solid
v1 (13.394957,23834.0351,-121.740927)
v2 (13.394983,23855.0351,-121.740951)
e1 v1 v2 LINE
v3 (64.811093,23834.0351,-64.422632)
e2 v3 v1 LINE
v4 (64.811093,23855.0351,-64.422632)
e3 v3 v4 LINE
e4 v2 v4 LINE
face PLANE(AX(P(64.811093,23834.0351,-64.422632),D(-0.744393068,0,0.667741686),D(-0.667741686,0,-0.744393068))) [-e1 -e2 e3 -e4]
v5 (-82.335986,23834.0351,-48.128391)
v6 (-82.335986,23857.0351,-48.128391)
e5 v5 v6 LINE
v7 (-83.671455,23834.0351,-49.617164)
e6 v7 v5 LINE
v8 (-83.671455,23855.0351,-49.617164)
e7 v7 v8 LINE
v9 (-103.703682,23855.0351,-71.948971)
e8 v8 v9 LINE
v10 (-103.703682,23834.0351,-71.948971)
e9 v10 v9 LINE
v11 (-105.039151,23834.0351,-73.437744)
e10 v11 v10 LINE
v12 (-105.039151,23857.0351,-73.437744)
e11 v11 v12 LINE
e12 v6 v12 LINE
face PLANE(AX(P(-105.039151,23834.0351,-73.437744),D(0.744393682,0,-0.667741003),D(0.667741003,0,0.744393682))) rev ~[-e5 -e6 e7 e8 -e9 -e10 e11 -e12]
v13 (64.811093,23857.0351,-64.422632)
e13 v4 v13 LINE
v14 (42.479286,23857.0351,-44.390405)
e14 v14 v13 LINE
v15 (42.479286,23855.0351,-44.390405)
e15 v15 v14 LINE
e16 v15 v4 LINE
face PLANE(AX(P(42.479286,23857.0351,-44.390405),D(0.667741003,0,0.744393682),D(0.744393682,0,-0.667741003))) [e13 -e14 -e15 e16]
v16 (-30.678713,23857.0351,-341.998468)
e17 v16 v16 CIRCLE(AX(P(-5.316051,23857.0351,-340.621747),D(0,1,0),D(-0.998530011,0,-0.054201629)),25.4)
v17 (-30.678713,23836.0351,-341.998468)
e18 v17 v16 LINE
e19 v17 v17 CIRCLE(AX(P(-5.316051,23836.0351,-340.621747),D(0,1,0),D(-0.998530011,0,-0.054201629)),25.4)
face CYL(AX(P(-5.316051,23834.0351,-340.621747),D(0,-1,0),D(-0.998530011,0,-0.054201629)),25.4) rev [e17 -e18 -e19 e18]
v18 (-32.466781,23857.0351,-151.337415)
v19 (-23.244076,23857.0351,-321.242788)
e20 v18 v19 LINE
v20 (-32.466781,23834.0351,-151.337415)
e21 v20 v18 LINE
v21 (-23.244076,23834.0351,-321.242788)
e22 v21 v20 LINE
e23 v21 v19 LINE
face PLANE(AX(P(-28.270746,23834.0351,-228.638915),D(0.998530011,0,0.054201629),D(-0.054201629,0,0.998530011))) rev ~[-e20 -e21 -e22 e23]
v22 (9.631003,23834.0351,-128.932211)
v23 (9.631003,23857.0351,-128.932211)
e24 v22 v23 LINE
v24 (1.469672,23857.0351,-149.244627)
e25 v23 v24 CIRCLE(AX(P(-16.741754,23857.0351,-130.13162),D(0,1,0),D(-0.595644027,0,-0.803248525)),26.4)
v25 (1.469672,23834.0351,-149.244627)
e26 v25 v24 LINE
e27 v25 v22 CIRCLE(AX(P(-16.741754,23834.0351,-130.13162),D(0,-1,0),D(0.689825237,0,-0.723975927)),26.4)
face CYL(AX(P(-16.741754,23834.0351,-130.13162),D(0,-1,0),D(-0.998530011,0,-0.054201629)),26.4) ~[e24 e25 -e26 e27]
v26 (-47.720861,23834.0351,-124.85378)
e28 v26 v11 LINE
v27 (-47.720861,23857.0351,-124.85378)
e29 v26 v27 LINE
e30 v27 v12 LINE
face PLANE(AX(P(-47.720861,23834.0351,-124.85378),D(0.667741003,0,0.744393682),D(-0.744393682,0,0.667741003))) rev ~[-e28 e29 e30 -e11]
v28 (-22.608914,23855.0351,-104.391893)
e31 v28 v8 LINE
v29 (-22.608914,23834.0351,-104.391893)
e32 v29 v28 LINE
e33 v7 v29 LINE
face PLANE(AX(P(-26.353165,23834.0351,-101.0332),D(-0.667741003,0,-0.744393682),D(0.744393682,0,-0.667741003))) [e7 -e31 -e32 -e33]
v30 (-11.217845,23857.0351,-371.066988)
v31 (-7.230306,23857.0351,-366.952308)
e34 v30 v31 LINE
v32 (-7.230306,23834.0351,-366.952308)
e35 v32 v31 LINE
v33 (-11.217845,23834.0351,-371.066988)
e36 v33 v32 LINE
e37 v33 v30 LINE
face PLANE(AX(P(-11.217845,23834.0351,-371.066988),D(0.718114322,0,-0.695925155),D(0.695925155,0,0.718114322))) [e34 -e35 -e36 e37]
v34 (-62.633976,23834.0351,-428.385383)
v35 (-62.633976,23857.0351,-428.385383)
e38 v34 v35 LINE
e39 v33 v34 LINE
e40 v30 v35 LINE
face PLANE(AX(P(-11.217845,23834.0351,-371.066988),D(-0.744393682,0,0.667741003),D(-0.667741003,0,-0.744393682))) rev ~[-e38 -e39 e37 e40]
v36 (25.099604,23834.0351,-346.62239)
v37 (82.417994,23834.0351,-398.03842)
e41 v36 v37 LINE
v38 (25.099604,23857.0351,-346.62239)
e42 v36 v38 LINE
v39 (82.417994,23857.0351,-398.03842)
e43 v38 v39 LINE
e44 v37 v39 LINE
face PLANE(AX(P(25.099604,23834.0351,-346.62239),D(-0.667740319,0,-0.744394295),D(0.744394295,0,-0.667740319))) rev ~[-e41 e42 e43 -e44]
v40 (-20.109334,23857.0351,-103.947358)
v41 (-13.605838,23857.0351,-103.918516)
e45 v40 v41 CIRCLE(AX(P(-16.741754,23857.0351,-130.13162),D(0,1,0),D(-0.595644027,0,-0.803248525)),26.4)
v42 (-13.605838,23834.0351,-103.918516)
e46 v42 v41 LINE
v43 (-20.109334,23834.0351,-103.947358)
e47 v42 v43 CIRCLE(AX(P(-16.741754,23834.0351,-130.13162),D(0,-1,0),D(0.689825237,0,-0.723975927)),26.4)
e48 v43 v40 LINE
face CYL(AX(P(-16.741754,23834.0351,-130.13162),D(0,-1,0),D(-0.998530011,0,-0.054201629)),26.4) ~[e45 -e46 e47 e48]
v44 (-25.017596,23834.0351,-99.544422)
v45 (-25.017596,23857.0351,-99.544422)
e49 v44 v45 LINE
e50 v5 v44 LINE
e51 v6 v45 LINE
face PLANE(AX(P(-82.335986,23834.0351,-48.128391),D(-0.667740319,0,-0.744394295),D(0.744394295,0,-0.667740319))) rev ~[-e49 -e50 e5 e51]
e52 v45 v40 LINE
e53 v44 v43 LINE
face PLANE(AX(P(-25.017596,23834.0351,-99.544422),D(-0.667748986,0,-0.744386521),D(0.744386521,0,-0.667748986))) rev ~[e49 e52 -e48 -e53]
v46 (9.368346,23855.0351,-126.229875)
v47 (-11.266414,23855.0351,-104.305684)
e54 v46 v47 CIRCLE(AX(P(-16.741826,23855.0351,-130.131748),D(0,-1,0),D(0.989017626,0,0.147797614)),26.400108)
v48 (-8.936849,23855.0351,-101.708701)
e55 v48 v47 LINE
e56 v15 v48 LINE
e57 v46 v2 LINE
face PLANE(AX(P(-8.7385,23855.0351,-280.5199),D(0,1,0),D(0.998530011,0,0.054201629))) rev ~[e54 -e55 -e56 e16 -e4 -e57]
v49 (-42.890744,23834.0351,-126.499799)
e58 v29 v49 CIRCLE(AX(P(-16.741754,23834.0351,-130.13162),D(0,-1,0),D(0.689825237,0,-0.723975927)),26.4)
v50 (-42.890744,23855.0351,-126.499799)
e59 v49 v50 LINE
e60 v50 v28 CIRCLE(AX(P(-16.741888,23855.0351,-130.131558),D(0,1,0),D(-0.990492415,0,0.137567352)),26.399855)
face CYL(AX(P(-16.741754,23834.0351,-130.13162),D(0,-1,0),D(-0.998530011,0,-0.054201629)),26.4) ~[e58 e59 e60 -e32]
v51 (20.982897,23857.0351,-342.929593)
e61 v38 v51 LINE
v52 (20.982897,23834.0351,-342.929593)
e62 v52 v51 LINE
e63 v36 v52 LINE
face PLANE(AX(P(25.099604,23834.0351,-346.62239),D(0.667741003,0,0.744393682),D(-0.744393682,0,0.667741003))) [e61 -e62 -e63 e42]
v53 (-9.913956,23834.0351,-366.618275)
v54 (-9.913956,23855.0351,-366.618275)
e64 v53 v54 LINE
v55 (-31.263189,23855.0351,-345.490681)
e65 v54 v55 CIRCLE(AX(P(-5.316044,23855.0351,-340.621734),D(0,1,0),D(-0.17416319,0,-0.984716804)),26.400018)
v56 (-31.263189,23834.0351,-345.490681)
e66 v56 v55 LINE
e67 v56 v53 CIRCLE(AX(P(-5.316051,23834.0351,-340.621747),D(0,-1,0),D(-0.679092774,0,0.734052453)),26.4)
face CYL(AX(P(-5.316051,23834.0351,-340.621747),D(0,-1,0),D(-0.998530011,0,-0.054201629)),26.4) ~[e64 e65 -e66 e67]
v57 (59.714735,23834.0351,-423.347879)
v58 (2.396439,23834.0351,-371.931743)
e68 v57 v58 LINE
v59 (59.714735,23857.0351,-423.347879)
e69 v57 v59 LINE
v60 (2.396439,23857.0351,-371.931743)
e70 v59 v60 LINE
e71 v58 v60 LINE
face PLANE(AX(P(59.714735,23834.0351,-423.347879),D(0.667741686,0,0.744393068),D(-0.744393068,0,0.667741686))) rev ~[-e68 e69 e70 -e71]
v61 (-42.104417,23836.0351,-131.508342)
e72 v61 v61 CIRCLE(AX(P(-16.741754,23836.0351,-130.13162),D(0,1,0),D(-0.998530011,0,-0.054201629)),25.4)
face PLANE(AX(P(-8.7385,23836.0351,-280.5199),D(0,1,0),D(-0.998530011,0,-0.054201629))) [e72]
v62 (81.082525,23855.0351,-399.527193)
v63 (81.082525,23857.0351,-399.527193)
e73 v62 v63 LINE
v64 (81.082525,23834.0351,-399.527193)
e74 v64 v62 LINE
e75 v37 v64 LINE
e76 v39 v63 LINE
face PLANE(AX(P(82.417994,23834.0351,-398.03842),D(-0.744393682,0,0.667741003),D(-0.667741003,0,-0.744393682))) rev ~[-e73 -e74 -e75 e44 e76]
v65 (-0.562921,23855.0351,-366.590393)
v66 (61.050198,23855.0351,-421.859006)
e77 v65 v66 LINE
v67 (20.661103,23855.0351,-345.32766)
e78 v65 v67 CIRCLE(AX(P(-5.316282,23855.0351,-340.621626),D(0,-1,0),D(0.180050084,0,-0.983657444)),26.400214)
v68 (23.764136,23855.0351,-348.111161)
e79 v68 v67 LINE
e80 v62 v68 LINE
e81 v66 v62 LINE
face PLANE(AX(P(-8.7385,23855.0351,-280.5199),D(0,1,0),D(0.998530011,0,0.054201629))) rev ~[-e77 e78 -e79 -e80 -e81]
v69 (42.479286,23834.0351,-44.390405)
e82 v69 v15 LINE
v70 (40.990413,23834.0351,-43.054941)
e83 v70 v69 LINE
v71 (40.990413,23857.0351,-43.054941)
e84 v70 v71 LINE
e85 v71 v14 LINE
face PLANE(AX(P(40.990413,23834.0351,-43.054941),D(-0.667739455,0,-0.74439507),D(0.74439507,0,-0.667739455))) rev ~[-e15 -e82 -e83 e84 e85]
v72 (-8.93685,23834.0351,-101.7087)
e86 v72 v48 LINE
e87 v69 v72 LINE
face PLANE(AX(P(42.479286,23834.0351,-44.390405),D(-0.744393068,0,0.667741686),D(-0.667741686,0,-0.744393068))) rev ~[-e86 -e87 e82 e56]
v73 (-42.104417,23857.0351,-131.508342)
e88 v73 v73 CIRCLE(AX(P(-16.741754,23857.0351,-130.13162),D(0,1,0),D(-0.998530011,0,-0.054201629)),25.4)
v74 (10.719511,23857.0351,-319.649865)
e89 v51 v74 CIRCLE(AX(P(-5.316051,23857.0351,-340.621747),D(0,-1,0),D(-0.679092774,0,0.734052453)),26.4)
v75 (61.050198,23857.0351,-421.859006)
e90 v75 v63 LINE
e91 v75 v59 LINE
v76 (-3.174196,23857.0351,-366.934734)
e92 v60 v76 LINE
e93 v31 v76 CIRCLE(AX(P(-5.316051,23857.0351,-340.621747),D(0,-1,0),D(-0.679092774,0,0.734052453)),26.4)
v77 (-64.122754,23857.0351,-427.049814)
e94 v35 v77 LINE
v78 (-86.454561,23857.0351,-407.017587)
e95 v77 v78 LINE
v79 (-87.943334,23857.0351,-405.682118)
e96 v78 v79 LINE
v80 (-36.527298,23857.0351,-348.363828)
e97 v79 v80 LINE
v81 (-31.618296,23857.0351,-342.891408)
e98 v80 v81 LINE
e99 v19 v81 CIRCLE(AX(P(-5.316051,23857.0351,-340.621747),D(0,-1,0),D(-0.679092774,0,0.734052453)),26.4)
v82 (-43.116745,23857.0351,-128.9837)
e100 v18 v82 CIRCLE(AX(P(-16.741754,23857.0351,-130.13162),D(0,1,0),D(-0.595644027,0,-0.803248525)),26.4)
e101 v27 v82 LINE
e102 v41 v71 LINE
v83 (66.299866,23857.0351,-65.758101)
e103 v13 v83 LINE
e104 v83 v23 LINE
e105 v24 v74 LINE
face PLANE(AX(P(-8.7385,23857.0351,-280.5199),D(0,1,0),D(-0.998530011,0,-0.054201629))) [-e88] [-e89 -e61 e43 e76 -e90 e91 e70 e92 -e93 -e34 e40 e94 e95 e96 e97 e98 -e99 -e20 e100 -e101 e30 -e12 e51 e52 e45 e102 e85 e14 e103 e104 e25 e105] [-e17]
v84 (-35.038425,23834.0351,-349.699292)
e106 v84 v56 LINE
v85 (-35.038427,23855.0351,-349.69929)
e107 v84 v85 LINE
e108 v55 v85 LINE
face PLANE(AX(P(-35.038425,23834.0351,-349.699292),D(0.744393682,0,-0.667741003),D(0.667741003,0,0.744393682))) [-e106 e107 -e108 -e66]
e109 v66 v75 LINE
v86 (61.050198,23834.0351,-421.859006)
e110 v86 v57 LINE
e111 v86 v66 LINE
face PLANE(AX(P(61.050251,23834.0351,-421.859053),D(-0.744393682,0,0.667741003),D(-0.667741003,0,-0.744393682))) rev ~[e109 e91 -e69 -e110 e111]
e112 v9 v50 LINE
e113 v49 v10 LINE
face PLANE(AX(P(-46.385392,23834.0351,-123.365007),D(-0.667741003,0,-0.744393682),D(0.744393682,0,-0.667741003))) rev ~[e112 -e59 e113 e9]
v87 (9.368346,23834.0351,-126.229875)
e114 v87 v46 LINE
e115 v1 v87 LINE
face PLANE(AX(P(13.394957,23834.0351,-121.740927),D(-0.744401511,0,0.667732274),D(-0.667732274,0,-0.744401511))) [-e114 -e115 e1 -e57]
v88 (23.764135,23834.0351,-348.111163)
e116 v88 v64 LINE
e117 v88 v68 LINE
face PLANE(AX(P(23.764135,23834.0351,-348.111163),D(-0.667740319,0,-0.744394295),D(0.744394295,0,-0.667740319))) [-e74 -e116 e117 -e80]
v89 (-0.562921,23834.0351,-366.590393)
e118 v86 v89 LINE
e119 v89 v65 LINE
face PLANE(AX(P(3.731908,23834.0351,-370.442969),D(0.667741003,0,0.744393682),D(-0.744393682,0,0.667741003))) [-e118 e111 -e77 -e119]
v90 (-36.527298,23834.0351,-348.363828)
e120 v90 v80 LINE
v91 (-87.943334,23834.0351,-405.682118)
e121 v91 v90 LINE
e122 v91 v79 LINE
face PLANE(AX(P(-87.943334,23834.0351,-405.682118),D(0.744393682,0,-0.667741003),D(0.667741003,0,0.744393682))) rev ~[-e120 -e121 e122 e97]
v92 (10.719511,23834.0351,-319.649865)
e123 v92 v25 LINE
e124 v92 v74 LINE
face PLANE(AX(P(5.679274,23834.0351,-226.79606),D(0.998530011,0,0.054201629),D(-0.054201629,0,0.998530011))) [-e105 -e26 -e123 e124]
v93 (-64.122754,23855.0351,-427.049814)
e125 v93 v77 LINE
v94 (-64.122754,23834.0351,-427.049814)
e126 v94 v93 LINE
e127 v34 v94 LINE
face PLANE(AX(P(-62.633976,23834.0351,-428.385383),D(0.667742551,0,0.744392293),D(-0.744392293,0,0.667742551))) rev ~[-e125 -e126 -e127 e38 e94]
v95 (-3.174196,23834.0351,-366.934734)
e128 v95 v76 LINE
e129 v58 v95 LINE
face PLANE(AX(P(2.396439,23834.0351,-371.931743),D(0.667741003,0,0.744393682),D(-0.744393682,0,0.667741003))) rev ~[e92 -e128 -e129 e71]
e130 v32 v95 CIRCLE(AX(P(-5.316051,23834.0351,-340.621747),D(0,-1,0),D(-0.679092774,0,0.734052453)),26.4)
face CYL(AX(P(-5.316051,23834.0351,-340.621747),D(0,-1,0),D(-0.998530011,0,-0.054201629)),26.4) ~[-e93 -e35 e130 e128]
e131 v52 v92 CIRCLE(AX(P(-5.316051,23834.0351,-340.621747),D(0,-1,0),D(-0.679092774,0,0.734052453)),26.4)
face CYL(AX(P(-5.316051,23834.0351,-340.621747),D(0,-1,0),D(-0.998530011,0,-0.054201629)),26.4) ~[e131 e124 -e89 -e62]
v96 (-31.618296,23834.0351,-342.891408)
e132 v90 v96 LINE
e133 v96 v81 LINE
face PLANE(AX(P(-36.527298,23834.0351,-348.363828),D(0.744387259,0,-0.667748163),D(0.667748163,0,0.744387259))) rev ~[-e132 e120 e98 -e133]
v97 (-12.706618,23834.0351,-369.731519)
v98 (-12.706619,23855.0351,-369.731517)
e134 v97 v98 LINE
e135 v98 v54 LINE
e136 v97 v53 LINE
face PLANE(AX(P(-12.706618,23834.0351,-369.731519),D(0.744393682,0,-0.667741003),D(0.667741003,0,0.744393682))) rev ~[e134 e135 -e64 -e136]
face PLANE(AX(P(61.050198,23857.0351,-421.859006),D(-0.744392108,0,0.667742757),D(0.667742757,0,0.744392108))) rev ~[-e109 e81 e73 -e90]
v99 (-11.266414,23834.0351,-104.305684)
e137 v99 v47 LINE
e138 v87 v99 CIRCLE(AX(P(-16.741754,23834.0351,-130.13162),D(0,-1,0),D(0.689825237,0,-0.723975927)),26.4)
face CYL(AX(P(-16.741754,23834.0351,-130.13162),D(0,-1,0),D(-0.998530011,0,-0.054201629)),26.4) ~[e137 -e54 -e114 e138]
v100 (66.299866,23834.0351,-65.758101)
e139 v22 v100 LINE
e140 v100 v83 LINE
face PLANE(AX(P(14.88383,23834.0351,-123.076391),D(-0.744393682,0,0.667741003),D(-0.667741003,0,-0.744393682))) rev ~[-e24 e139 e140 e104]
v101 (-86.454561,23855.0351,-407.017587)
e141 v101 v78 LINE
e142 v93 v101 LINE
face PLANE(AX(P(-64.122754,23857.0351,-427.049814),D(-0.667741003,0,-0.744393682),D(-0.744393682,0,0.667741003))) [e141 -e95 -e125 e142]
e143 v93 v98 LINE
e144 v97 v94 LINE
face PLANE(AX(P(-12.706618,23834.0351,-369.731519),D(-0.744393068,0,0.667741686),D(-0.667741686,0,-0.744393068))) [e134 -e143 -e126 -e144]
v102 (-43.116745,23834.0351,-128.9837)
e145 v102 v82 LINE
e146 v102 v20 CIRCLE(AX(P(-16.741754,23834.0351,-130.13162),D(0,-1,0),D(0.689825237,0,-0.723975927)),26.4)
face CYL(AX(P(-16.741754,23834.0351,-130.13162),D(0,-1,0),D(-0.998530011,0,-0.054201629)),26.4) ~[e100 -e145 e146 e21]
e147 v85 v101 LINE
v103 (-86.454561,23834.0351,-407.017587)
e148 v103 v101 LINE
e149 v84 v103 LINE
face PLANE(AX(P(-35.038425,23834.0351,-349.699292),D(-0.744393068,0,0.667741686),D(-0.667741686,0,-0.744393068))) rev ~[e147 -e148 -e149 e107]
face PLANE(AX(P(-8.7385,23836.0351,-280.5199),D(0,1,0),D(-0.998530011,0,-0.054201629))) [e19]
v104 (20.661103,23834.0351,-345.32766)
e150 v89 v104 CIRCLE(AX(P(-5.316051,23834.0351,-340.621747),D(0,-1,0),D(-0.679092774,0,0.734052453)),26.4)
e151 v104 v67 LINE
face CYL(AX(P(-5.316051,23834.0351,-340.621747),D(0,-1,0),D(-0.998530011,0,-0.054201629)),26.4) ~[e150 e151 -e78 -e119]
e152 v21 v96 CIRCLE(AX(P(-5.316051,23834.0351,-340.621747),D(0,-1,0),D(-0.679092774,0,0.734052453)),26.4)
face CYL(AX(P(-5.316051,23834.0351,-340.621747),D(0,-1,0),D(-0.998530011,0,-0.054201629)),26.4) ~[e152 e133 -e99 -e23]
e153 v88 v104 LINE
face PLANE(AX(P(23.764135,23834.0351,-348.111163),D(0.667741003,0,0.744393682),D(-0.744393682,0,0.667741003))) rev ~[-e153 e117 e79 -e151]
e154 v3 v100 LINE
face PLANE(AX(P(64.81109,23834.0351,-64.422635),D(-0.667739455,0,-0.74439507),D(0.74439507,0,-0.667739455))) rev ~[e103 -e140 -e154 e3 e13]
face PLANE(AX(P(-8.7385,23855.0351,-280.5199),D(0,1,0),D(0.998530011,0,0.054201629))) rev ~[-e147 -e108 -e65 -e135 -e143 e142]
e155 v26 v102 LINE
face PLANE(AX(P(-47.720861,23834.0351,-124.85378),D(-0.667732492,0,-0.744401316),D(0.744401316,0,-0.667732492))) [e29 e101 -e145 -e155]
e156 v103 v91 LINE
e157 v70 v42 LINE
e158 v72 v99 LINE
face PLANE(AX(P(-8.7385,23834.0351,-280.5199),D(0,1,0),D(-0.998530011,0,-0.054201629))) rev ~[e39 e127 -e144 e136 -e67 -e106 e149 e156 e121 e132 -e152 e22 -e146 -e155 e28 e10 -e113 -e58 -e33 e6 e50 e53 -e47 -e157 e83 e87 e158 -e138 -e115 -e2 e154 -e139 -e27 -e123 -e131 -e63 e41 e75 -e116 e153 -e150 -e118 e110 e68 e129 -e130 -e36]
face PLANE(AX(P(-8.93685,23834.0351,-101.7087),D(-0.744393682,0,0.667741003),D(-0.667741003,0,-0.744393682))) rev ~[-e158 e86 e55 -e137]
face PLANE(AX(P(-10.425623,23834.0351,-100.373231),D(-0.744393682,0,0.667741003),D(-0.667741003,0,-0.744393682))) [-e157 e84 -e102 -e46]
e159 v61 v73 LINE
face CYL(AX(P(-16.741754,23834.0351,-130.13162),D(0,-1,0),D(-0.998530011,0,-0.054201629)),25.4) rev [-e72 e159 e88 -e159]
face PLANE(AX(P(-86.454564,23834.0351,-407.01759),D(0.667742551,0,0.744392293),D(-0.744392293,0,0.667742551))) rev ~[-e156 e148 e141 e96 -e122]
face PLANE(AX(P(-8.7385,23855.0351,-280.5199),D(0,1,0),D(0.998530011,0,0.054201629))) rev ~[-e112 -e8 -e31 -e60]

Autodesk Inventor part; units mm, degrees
ref_plane "YZ Plane" through (0, 0, 0) normal (1, 0, 0) x (0, 1, 0)
ref_plane "XZ Plane" through (0, 0, 0) normal (0, 1, 0) x (-1, 0, 0)
ref_plane "XY Plane" through (0, 0, 0) normal (0, 0, 1) x (1, 0, 0)
ref_plane "Work Plane1" through (-8.7385, 23834.0351, -280.5199) normal (0, 1, 0) x (-0.9985, 0, -0.0542)
sketch "Sketch1" plane through (-8.7385, 23834.0351, -280.5199) normal (0, 1, 0) x (-0.9985, 0, -0.0542)
  circle A0 centre (-0.1598, -60.199) radius 25.4
  circle A1 centre (-0.1598, 150.601) radius 25.4
  circle A2 centre (-0.1598, 150.601) radius 26.4
  circle A3 centre (-0.1598, -60.199) radius 26.4
  line L0 (-17.3085, -5.3414) -> (16.6915, -5.3414)
  line L1 (16.6915, -5.3414) -> (16.6915, 52.8634)
  line L2 (16.6915, 52.8634) -> (-17.3085, 52.8634)
  line L3 (-17.3085, 52.8634) -> (-17.3085, -5.3414)
  line L4 (-17.3085, 52.8634) -> (-17.3085, 130.529)
  line L5 (-17.3085, -5.3414) -> (-17.3085, -40.1271)
  line L6 (16.6915, -5.3414) -> (16.6915, -39.8768)
  line L7 (16.6915, 52.8634) -> (16.6915, 130.2787)
  line L8 (31.4252, -66.238) -> (7.3835, -90.2796)
  line L9 (7.3835, -90.2796) -> (61.8308, -144.7269)
  line L10 (61.8308, -144.7269) -> (85.8724, -120.6852)
  line L11 (85.8724, -120.6852) -> (31.4252, -66.238)
  line L12 (30.0109, -67.6522) -> (84.4582, -122.0994)
  line L13 (8.7977, -88.8654) -> (63.245, -143.3126)
  line L14 (-6.1639, -91.881) -> (-30.2055, -67.8394)
  line L15 (-30.2055, -67.8394) -> (-84.6528, -122.2866)
  line L16 (-84.6528, -122.2866) -> (-60.6111, -146.3283)
  line L17 (-60.6111, -146.3283) -> (-6.1639, -91.881)
  line L18 (-7.5781, -90.4668) -> (-62.0253, -144.914)
  line L19 (-28.7913, -69.2536) -> (-83.2386, -123.7008)
  line L20 (84.9349, 211.9974) -> (60.8933, 236.039)
  line L21 (60.8933, 236.039) -> (6.446, 181.5918)
  line L22 (6.446, 181.5918) -> (30.4877, 157.5502)
  line L23 (30.4877, 157.5502) -> (84.9349, 211.9974)
  line L24 (83.5207, 213.4116) -> (29.0735, 158.9644)
  line L25 (62.3075, 234.6248) -> (7.8603, 180.1776)
  line L26 (-32.1213, 155.9317) -> (-8.0796, 179.9733)
  line L27 (-86.5685, 210.3789) -> (-32.1213, 155.9317)
  line L28 (-85.1543, 211.7931) -> (-30.707, 157.3459)
  line L29 (-62.5268, 234.4205) -> (-86.5685, 210.3789)
  line L30 (-63.9411, 233.0063) -> (-9.4938, 178.5591)
  line L31 (-8.0796, 179.9733) -> (-62.5268, 234.4205)
  line L32 (-7.5781, -90.4668) -> (-3.4984, -86.3871)
  line L33 (-6.1639, -91.881) -> (-0.8723, -86.5894)
  line L34 (-30.2055, -67.8394) -> (-26.295, -63.9289)
  line L35 (-28.7913, -69.2536) -> (-25.8437, -66.306)
  line L36 (31.4252, -66.238) -> (26.2268, -61.0397)
  line L37 (30.0109, -67.6522) -> (26.0131, -63.6544)
  line L38 (8.7977, -88.8654) -> (5.8404, -85.9081)
  line L39 (7.3835, -90.2796) -> (3.1788, -86.3871)
  line L40 (29.0735, 158.9644) -> (25.7539, 155.6448)
  line L41 (30.4877, 157.5502) -> (26.1142, 153.1768)
  line L42 (7.8603, 180.1776) -> (4.3036, 176.6209)
  line L43 (6.446, 181.5918) -> (1.7836, 176.9293)
  line L44 (-8.0796, 179.9733) -> (-4.7119, 176.6056)
  line L45 (-9.4938, 178.5591) -> (-7.0269, 176.0922)
  line L46 (-30.707, 157.3459) -> (-26.443, 153.0818)
  line L47 (-32.1213, 155.9317) -> (-26.5588, 150.3692)
  point P0 (-23.9414, 279.6329)
  point P1 (-30.2055, -67.8394)
  dimension "d3" = 52.8
  dimension "d4" = 52.8
  dimension "d0" = 50.8
  dimension "d1" = 50.8
  dimension "d2" = 210.8
  dimension "d9" = 34
  dimension "d18" = 34
  dimension "d19" = 77
  dimension "d20" = 2
  dimension "d21" = 2
  dimension "d22" = 34
  dimension "d23" = 77
  dimension "d24" = 2
  dimension "d25" = 2
  dimension "d26" = 34
  dimension "d27" = 77
  dimension "d28" = 2
  dimension "d29" = 2
  dimension "d30" = 34
  dimension "d31" = 77
  dimension "d32" = 2
  dimension "d33" = 2
extrude "Extrusion1" add sketch "Sketch1" along normal blind 2 contours A0 | A1
extrude "Extrusion2" add sketch "Sketch1" along normal blind 23 contours A2 L26 | A3 | A2 L26
extrude "Extrusion3" add sketch "Sketch1" along normal blind 23 contours L7 L2 L4 A2 | L1 L0 L3 L2 | L6 A3 L5 L0
extrude "Extrusion4" add sketch "Sketch1" along normal blind 23 contours A2 L40 L22 L41 | L22 L24 L20 L23 | A2 L43 L22 L42 | L47 L26 L46 A2 | L22 L21 L20 L25 | L27 L29 L28 L26 | A2 L45 L26 L44 | L26 L30 L29 L31 | A3 L35 L14 L34 | L36 L8 L37 A3 | L14 L19 L16 L15 | L11 L10 L12 L8 | A3 L33 L14 L32 | L38 L8 L39 A3 | L14 L17 L16 L18 | L13 L10 L9 L8
sketch "Sketch2" plane through (-8.7385, 23857.0351, -280.5199) normal (0, 1, 0) x (0.9985, 0, 0.0542)
  line L0 (-83.5207, -213.4116) -> (-25.7539, -155.6448) projected
  arc A0 (-25.7539, -155.6448) -> (-4.3036, -176.6209) centre (0.1598, -150.601) ccw projected
  line L1 (-4.3036, -176.6209) -> (-62.3075, -234.6248) projected
  line L2 (63.9411, -233.0063) -> (7.0269, -176.0922) projected
  arc A1 (7.0269, -176.0922) -> (26.443, -153.0818) centre (0.1598, -150.601) ccw projected
  line L3 (26.443, -153.0818) -> (85.1543, -211.7931) projected
  line L4 (-26.0131, 63.6544) -> (-84.4582, 122.0994) projected
  arc A2 (-5.8404, 85.9081) -> (-26.0131, 63.6544) centre (0.1598, 60.199) ccw projected
  line L5 (-63.245, 143.3126) -> (-5.8404, 85.9081) projected
  line L6 (3.4984, 86.3871) -> (62.0253, 144.914) projected
  arc A3 (25.8437, 66.306) -> (3.4984, 86.3871) centre (0.1598, 60.199) ccw projected
  line L7 (83.2386, 123.7008) -> (25.8437, 66.306) projected
  line L8 (62.0253, 144.914) -> (83.2386, 123.7008)
  line L9 (-84.4582, 122.0994) -> (-85.8724, 120.6852) projected
  line L10 (-63.245, 143.3126) -> (-84.4582, 122.0994)
  line L11 (-4.3036, -176.6209) -> (-62.3075, -234.6248) projected
  line L12 (-62.3075, -234.6248) -> (-83.5207, -213.4116)
  line L13 (-83.5207, -213.4116) -> (-25.7539, -155.6448) projected
  line L14 (63.9411, -233.0063) -> (85.1543, -211.7931)
  point P0 (23.9414, -279.6329)
  point P1 (62.0253, 144.914)
  point P2 (-83.5207, -213.4116)
extrude "Extrusion5" add sketch "Sketch2" against normal blind 2
properties part number "Base"
